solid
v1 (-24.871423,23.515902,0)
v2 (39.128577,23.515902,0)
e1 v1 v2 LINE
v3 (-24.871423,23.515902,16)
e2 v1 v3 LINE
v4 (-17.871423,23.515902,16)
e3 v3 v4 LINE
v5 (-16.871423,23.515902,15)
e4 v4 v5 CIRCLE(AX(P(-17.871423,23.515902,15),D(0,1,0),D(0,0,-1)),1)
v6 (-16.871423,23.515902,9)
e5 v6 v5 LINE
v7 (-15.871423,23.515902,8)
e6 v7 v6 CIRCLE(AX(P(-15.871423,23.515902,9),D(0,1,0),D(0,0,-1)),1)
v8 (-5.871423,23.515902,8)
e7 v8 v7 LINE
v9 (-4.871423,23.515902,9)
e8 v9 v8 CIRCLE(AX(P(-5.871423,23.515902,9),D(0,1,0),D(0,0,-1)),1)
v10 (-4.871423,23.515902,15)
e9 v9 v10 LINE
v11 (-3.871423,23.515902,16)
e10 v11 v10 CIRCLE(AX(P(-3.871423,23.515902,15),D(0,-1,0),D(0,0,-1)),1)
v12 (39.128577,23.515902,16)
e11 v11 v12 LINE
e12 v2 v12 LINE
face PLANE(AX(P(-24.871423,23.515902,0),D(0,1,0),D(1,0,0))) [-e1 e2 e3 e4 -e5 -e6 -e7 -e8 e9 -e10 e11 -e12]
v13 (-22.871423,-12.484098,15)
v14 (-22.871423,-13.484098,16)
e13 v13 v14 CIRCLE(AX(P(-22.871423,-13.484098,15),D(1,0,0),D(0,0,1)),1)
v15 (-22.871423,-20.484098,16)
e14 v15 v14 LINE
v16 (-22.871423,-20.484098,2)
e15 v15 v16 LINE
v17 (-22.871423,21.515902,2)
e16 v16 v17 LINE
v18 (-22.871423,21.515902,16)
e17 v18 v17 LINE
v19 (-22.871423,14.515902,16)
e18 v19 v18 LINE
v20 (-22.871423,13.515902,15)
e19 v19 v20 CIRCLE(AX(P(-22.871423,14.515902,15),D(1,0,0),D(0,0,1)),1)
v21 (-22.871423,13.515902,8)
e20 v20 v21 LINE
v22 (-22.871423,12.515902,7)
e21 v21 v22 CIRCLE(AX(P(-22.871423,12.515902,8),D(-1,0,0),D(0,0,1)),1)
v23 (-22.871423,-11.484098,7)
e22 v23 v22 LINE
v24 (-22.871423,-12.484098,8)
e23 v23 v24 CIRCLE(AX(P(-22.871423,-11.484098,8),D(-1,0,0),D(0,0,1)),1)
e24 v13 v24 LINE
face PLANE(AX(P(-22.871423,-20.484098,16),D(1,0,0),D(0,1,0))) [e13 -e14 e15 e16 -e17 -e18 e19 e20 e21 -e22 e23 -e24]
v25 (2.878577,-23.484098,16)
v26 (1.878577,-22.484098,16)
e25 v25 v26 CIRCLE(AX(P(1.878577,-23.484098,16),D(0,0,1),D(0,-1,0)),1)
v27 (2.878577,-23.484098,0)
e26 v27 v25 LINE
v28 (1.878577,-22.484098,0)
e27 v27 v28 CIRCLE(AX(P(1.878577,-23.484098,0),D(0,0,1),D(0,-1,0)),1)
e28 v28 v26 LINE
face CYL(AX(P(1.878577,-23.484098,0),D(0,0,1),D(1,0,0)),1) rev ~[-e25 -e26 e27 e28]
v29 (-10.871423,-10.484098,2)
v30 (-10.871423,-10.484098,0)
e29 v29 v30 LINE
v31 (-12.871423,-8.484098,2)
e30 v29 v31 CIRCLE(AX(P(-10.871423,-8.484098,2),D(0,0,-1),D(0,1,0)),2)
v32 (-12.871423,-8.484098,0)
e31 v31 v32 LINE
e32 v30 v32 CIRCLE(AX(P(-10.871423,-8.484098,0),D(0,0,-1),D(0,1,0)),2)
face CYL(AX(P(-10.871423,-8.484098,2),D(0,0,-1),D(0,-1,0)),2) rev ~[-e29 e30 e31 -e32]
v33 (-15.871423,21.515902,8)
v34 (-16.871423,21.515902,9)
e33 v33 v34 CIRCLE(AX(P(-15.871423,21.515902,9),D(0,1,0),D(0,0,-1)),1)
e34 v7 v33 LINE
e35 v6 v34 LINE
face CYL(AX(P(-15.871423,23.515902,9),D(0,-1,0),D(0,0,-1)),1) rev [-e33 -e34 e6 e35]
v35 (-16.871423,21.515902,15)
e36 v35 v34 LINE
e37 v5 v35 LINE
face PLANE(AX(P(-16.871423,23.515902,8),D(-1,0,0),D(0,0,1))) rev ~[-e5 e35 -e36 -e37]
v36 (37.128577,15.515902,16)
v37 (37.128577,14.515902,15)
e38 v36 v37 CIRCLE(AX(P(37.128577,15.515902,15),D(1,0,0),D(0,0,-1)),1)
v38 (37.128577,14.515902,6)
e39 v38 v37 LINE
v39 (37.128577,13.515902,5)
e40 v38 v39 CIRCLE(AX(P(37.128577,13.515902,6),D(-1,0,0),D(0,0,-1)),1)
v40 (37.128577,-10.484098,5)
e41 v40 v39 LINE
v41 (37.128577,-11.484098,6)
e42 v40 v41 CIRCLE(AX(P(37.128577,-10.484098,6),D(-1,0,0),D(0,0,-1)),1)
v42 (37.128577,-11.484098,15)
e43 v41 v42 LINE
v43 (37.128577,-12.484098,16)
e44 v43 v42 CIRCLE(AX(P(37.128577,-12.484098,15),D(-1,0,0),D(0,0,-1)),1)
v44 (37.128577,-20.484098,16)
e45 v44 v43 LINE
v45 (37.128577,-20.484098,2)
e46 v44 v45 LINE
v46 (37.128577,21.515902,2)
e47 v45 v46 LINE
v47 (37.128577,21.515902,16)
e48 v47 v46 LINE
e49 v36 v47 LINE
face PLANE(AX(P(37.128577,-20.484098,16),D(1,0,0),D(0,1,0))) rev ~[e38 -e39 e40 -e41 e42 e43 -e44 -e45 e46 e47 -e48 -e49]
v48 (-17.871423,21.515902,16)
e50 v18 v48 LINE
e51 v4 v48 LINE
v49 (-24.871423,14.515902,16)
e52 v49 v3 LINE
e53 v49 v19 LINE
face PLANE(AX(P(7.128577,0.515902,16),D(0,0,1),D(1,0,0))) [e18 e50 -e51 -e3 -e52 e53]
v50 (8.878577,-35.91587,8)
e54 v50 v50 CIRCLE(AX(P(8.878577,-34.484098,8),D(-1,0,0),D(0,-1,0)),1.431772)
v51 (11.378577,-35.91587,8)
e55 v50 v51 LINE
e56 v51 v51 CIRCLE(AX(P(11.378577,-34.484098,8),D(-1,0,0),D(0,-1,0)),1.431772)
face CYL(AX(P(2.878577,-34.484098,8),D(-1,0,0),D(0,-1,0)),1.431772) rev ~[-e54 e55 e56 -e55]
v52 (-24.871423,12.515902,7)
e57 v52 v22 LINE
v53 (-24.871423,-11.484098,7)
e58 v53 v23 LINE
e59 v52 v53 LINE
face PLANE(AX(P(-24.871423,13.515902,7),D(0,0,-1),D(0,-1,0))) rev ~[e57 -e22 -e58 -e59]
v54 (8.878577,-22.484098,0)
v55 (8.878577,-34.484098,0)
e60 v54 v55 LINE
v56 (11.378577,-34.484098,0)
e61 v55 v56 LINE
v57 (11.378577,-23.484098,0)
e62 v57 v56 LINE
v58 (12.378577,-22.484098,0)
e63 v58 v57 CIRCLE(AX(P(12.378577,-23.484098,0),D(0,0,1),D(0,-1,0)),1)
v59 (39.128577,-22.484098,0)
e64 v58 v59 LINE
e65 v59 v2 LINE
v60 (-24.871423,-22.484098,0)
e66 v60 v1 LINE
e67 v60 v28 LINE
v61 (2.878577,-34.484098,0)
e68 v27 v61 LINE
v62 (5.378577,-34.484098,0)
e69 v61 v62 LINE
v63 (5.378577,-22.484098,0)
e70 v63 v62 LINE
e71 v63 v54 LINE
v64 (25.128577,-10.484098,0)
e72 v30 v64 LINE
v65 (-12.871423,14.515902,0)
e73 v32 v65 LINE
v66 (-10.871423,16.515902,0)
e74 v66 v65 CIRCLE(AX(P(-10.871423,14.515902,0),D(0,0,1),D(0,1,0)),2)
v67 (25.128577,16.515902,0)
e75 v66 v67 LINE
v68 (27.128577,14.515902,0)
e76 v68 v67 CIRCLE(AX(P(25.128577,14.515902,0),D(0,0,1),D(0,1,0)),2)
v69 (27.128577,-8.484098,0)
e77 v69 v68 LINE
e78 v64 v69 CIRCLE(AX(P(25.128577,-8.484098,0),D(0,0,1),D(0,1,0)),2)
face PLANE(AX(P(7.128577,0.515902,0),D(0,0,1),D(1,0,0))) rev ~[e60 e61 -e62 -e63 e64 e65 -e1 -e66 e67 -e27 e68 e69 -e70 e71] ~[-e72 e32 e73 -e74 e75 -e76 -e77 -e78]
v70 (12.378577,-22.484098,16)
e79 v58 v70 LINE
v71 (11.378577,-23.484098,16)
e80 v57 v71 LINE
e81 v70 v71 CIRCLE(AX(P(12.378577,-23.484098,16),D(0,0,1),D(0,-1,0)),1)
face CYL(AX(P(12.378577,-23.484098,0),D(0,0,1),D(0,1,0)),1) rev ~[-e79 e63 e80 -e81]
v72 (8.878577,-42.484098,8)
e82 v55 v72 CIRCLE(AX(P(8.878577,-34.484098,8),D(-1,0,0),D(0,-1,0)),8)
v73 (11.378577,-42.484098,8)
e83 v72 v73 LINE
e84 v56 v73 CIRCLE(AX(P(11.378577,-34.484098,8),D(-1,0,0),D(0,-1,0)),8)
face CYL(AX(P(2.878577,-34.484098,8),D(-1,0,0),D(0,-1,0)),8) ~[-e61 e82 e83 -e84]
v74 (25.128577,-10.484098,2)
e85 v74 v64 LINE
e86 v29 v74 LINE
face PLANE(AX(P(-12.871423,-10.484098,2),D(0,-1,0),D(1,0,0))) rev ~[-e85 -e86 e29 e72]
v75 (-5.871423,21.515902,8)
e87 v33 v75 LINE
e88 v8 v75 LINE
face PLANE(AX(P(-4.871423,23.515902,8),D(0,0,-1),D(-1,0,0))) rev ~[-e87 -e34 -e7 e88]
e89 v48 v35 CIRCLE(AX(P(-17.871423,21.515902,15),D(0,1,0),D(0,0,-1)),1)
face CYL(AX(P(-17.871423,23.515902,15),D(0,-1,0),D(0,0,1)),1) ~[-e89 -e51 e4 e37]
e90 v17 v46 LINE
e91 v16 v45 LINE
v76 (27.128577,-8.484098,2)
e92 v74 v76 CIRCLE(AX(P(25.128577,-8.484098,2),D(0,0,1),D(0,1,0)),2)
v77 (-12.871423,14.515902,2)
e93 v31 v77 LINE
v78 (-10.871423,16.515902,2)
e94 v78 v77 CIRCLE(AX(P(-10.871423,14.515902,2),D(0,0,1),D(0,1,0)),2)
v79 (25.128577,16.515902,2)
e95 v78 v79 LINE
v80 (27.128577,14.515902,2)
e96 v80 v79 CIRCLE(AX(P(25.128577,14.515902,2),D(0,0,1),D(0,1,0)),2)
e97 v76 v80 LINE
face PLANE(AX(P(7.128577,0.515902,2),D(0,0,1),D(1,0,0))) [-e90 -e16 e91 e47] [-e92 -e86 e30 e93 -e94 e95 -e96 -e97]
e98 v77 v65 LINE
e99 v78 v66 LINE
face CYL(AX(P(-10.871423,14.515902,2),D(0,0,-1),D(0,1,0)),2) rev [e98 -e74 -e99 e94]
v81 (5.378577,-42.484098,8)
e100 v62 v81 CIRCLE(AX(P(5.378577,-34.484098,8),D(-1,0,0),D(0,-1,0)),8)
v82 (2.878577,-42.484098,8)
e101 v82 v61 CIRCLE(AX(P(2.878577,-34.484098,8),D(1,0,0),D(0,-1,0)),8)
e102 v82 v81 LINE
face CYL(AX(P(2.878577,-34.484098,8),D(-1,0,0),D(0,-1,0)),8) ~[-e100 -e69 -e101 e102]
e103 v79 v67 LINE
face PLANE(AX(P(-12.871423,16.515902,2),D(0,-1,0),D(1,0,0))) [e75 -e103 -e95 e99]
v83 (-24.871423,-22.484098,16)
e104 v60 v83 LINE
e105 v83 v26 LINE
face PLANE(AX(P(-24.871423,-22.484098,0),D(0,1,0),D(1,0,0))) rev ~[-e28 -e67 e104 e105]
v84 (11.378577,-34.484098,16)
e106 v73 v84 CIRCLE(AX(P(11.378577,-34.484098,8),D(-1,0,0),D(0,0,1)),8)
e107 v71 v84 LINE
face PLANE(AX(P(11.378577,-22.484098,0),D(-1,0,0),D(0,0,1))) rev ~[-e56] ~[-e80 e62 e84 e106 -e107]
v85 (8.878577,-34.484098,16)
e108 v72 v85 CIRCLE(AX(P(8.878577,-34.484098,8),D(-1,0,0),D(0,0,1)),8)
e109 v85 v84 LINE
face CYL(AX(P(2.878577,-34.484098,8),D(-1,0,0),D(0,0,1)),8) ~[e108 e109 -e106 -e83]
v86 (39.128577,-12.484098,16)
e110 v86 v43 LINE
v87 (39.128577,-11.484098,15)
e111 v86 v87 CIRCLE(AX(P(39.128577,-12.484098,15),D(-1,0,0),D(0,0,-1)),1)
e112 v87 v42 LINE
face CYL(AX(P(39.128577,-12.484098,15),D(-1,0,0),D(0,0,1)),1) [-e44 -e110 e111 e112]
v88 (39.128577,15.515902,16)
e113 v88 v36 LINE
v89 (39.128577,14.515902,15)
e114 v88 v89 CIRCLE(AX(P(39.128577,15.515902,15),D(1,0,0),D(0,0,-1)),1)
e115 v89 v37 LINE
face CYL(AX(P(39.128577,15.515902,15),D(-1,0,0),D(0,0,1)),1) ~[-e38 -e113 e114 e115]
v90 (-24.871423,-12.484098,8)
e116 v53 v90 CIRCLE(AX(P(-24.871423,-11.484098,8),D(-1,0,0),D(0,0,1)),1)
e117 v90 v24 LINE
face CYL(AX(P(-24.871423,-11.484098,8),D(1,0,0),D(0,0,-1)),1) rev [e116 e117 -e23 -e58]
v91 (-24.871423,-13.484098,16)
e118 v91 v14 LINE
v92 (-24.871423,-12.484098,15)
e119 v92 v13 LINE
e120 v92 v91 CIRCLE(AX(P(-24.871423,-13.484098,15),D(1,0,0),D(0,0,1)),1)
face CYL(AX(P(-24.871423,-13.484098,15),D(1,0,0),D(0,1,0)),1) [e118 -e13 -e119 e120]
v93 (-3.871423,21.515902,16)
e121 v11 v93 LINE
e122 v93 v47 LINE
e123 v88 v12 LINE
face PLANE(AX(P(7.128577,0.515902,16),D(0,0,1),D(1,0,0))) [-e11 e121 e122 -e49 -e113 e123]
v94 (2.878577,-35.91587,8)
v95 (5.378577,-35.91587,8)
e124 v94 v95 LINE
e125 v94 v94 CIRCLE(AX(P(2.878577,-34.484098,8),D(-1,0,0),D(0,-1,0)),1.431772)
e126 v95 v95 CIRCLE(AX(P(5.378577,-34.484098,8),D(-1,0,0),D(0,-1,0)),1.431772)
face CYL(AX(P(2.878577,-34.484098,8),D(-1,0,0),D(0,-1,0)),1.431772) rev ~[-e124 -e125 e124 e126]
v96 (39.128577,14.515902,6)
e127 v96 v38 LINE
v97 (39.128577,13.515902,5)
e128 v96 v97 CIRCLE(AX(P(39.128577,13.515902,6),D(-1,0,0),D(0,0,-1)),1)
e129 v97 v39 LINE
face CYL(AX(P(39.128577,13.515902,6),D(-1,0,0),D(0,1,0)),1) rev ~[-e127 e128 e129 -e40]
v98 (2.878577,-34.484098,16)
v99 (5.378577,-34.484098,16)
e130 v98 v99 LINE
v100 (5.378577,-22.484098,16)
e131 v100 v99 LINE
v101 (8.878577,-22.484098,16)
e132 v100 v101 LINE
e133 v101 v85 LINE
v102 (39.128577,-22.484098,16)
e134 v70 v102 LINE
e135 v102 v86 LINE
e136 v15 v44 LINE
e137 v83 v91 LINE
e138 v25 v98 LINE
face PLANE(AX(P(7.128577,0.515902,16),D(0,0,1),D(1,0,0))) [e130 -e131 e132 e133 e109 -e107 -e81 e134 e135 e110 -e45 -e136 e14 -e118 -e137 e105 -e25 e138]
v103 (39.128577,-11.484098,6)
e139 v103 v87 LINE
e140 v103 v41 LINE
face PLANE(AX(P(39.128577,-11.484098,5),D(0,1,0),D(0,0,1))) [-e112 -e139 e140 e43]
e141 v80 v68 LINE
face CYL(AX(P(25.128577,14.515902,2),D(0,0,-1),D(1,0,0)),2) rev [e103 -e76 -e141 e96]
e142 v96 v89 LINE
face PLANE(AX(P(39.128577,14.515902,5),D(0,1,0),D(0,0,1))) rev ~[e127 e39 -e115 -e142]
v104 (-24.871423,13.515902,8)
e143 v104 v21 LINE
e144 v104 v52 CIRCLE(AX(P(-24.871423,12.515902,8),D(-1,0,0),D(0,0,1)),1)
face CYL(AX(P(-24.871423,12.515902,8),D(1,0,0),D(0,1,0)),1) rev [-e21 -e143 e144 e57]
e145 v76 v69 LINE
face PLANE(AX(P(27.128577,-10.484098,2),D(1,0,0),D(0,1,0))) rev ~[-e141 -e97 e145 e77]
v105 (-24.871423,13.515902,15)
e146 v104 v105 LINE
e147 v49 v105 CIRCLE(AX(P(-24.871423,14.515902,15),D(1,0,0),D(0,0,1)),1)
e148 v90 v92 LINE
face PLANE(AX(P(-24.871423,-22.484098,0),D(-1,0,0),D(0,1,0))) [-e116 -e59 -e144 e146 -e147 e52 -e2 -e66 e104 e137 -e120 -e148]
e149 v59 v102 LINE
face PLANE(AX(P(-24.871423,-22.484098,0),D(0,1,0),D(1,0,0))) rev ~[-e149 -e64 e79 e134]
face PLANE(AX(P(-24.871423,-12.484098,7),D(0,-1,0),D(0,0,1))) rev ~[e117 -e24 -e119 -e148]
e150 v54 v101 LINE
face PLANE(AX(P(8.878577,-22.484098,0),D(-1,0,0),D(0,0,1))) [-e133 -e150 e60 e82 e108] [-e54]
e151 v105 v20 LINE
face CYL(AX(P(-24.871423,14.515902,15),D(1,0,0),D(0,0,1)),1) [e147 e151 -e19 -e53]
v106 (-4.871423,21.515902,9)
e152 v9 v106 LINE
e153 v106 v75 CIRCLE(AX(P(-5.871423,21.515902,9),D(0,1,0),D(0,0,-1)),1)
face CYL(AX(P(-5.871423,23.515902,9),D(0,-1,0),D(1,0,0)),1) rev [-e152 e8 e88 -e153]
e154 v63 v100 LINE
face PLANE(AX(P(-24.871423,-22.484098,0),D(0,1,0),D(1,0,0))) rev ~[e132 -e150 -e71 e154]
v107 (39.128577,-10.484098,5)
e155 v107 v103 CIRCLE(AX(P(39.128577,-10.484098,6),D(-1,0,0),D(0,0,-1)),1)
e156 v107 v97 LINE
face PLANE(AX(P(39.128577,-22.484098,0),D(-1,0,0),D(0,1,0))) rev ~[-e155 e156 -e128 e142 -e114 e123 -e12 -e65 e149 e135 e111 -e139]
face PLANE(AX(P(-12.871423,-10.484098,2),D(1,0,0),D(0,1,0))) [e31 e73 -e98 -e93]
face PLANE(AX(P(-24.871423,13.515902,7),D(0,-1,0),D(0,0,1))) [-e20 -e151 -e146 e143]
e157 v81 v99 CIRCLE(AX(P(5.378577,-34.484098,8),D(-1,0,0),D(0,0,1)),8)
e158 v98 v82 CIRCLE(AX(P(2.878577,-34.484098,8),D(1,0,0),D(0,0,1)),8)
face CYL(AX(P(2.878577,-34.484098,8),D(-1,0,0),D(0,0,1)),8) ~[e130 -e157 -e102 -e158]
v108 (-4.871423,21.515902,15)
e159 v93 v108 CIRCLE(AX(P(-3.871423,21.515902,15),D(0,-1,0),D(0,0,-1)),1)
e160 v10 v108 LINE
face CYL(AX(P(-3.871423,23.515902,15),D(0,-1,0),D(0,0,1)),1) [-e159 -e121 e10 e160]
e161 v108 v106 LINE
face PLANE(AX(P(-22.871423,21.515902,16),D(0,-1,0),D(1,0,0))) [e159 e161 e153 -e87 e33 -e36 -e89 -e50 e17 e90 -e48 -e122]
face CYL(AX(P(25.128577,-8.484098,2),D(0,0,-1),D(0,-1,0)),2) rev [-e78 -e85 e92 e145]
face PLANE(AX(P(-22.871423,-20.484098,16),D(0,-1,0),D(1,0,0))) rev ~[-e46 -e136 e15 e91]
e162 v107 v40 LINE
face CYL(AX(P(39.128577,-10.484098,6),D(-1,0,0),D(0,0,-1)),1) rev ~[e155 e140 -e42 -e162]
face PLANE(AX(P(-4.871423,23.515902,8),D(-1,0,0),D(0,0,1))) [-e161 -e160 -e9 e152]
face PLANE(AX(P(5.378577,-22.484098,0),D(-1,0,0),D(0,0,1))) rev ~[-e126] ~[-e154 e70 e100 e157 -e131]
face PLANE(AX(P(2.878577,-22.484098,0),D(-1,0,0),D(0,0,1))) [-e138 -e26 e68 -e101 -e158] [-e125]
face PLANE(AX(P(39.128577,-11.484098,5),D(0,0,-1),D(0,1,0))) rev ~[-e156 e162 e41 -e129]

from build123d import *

# Parameters (mm, degrees)
F0_W      = 64
F0_H      = 46
F1_DEPTH  = 16
F2_W      = 60
F2_H      = 42
F3_DEPTH  = 14
F4_W      = 40
F4_H      = 27
F5_DEPTH  = 25
F6_R      = 2
F7_W      = 2.5
F7_H      = 16
F8_DEPTH  = 20
F9_R      = 1.4317723001
F10_DEPTH = 25
F11_W     = 26
F11_H     = 11
F12_DEPTH = 25
F13_W     = 26
F13_H     = 9
F14_DEPTH = 25
F15_W     = 12
F15_H     = 8
F16_DEPTH = 25
F17_R     = 1


with BuildPart() as f1:
    # F0 (on Top) → F1 (new body)
    with BuildSketch(Plane.XY):
        with Locations((7.1285768165, 0.5159020871)):
            Rectangle(F0_W, F0_H)
    extrude(amount=F1_DEPTH)

    # F2 (on face) → F3 (cut)
    with BuildSketch(Plane.XY.offset(16)):
        with Locations((7.1285768165, 0.5159020871)):
            Rectangle(F2_W, F2_H)
    extrude(amount=-F3_DEPTH, mode=Mode.SUBTRACT)

    # F4 (on face) → F5 (cut)
    with BuildSketch(Plane.XY.offset(2)):
        with Locations((7.1285768165, 3.0159020871)):
            Rectangle(F4_W, F4_H)
    extrude(amount=-F5_DEPTH, mode=Mode.SUBTRACT)

    # F6
    f6_edges = [f1.edges().sort_by_distance(p)[0] for p in [
        (-12.871423, 16.515902, 1),
        (-12.871423, -10.484098, 1),
        (27.128577, -10.484098, 1),
        (27.128577, 16.515902, 1),
    ]]
    fillet(f6_edges, radius=F6_R)

    # F7 (on face) → F8 (join)
    with BuildSketch(Plane.XZ.offset(22.4840979129)):
        with Locations((4.1285768165, 8)):
            Rectangle(F7_W, F7_H)
        with Locations((10.1285768165, 8)):
            Rectangle(F7_W, F7_H)
    extrude(amount=F8_DEPTH)

    # F9 (on face) → F10 (cut)
    with BuildSketch(Plane(origin=(2.8785768165, 0, 0), x_dir=(0, -1, 0), z_dir=(-1, 0, 0))):
        with Locations((34.4840979129, 8)):
            Circle(F9_R)
        with BuildLine():
            ThreePointArc((34.4840979129, 16), (40.1409521624, 13.6568542495), (42.4840979129, 8))
            Line((42.4840979129, 8), (42.4840979129, 16))
            Line((42.4840979129, 16), (34.4840979129, 16))
        make_face()
        with BuildLine():
            Line((42.4840979129, 0), (42.4840979129, 8))
            ThreePointArc((42.4840979129, 8), (40.1409521624, 2.3431457505), (34.4840979129, 0))
            Line((34.4840979129, 0), (42.4840979129, 0))
        make_face()
    extrude(amount=-F10_DEPTH, mode=Mode.SUBTRACT)

    # F11 (on face) → F12 (cut)
    with BuildSketch(Plane.YZ.offset(39.1285768165)):
        with Locations((1.5159020871, 10.5)):
            Rectangle(F11_W, F11_H)
    extrude(amount=-F12_DEPTH, mode=Mode.SUBTRACT)

    # F13 (on face) → F14 (cut)
    with BuildSketch(Plane(origin=(-24.8714231835, 0, 0), x_dir=(0, -1, 0), z_dir=(-1, 0, 0))):
        with Locations((-0.5159020871, 11.5)):
            Rectangle(F13_W, F13_H)
    extrude(amount=-F14_DEPTH, mode=Mode.SUBTRACT)

    # F15 (on face) → F16 (cut)
    with BuildSketch(Plane(origin=(0, 23.5159020871, 0), x_dir=(-1, 0, 0), z_dir=(0, 1, 0))):
        with Locations((10.8714231835, 12)):
            Rectangle(F15_W, F15_H)
    extrude(amount=-F16_DEPTH, mode=Mode.SUBTRACT)

    # F17
    f17_edges = [f1.edges().sort_by_distance(p)[0] for p in [
        (-23.871423, 13.515902, 16),
        (-23.871423, -12.484098, 16),
        (38.128577, 14.515902, 16),
        (38.128577, -11.484098, 16),
        (-23.871423, 13.515902, 7),
        (38.128577, 14.515902, 5),
        (-23.871423, -12.484098, 7),
        (38.128577, -11.484098, 5),
        (-4.871423, 22.515902, 16),
        (-16.871423, 22.515902, 16),
        (-4.871423, 22.515902, 8),
        (-16.871423, 22.515902, 8),
        (2.878577, -22.484098, 8),
        (11.378577, -22.484098, 8),
    ]]
    fillet(f17_edges, radius=F17_R)


solid = f1.part
